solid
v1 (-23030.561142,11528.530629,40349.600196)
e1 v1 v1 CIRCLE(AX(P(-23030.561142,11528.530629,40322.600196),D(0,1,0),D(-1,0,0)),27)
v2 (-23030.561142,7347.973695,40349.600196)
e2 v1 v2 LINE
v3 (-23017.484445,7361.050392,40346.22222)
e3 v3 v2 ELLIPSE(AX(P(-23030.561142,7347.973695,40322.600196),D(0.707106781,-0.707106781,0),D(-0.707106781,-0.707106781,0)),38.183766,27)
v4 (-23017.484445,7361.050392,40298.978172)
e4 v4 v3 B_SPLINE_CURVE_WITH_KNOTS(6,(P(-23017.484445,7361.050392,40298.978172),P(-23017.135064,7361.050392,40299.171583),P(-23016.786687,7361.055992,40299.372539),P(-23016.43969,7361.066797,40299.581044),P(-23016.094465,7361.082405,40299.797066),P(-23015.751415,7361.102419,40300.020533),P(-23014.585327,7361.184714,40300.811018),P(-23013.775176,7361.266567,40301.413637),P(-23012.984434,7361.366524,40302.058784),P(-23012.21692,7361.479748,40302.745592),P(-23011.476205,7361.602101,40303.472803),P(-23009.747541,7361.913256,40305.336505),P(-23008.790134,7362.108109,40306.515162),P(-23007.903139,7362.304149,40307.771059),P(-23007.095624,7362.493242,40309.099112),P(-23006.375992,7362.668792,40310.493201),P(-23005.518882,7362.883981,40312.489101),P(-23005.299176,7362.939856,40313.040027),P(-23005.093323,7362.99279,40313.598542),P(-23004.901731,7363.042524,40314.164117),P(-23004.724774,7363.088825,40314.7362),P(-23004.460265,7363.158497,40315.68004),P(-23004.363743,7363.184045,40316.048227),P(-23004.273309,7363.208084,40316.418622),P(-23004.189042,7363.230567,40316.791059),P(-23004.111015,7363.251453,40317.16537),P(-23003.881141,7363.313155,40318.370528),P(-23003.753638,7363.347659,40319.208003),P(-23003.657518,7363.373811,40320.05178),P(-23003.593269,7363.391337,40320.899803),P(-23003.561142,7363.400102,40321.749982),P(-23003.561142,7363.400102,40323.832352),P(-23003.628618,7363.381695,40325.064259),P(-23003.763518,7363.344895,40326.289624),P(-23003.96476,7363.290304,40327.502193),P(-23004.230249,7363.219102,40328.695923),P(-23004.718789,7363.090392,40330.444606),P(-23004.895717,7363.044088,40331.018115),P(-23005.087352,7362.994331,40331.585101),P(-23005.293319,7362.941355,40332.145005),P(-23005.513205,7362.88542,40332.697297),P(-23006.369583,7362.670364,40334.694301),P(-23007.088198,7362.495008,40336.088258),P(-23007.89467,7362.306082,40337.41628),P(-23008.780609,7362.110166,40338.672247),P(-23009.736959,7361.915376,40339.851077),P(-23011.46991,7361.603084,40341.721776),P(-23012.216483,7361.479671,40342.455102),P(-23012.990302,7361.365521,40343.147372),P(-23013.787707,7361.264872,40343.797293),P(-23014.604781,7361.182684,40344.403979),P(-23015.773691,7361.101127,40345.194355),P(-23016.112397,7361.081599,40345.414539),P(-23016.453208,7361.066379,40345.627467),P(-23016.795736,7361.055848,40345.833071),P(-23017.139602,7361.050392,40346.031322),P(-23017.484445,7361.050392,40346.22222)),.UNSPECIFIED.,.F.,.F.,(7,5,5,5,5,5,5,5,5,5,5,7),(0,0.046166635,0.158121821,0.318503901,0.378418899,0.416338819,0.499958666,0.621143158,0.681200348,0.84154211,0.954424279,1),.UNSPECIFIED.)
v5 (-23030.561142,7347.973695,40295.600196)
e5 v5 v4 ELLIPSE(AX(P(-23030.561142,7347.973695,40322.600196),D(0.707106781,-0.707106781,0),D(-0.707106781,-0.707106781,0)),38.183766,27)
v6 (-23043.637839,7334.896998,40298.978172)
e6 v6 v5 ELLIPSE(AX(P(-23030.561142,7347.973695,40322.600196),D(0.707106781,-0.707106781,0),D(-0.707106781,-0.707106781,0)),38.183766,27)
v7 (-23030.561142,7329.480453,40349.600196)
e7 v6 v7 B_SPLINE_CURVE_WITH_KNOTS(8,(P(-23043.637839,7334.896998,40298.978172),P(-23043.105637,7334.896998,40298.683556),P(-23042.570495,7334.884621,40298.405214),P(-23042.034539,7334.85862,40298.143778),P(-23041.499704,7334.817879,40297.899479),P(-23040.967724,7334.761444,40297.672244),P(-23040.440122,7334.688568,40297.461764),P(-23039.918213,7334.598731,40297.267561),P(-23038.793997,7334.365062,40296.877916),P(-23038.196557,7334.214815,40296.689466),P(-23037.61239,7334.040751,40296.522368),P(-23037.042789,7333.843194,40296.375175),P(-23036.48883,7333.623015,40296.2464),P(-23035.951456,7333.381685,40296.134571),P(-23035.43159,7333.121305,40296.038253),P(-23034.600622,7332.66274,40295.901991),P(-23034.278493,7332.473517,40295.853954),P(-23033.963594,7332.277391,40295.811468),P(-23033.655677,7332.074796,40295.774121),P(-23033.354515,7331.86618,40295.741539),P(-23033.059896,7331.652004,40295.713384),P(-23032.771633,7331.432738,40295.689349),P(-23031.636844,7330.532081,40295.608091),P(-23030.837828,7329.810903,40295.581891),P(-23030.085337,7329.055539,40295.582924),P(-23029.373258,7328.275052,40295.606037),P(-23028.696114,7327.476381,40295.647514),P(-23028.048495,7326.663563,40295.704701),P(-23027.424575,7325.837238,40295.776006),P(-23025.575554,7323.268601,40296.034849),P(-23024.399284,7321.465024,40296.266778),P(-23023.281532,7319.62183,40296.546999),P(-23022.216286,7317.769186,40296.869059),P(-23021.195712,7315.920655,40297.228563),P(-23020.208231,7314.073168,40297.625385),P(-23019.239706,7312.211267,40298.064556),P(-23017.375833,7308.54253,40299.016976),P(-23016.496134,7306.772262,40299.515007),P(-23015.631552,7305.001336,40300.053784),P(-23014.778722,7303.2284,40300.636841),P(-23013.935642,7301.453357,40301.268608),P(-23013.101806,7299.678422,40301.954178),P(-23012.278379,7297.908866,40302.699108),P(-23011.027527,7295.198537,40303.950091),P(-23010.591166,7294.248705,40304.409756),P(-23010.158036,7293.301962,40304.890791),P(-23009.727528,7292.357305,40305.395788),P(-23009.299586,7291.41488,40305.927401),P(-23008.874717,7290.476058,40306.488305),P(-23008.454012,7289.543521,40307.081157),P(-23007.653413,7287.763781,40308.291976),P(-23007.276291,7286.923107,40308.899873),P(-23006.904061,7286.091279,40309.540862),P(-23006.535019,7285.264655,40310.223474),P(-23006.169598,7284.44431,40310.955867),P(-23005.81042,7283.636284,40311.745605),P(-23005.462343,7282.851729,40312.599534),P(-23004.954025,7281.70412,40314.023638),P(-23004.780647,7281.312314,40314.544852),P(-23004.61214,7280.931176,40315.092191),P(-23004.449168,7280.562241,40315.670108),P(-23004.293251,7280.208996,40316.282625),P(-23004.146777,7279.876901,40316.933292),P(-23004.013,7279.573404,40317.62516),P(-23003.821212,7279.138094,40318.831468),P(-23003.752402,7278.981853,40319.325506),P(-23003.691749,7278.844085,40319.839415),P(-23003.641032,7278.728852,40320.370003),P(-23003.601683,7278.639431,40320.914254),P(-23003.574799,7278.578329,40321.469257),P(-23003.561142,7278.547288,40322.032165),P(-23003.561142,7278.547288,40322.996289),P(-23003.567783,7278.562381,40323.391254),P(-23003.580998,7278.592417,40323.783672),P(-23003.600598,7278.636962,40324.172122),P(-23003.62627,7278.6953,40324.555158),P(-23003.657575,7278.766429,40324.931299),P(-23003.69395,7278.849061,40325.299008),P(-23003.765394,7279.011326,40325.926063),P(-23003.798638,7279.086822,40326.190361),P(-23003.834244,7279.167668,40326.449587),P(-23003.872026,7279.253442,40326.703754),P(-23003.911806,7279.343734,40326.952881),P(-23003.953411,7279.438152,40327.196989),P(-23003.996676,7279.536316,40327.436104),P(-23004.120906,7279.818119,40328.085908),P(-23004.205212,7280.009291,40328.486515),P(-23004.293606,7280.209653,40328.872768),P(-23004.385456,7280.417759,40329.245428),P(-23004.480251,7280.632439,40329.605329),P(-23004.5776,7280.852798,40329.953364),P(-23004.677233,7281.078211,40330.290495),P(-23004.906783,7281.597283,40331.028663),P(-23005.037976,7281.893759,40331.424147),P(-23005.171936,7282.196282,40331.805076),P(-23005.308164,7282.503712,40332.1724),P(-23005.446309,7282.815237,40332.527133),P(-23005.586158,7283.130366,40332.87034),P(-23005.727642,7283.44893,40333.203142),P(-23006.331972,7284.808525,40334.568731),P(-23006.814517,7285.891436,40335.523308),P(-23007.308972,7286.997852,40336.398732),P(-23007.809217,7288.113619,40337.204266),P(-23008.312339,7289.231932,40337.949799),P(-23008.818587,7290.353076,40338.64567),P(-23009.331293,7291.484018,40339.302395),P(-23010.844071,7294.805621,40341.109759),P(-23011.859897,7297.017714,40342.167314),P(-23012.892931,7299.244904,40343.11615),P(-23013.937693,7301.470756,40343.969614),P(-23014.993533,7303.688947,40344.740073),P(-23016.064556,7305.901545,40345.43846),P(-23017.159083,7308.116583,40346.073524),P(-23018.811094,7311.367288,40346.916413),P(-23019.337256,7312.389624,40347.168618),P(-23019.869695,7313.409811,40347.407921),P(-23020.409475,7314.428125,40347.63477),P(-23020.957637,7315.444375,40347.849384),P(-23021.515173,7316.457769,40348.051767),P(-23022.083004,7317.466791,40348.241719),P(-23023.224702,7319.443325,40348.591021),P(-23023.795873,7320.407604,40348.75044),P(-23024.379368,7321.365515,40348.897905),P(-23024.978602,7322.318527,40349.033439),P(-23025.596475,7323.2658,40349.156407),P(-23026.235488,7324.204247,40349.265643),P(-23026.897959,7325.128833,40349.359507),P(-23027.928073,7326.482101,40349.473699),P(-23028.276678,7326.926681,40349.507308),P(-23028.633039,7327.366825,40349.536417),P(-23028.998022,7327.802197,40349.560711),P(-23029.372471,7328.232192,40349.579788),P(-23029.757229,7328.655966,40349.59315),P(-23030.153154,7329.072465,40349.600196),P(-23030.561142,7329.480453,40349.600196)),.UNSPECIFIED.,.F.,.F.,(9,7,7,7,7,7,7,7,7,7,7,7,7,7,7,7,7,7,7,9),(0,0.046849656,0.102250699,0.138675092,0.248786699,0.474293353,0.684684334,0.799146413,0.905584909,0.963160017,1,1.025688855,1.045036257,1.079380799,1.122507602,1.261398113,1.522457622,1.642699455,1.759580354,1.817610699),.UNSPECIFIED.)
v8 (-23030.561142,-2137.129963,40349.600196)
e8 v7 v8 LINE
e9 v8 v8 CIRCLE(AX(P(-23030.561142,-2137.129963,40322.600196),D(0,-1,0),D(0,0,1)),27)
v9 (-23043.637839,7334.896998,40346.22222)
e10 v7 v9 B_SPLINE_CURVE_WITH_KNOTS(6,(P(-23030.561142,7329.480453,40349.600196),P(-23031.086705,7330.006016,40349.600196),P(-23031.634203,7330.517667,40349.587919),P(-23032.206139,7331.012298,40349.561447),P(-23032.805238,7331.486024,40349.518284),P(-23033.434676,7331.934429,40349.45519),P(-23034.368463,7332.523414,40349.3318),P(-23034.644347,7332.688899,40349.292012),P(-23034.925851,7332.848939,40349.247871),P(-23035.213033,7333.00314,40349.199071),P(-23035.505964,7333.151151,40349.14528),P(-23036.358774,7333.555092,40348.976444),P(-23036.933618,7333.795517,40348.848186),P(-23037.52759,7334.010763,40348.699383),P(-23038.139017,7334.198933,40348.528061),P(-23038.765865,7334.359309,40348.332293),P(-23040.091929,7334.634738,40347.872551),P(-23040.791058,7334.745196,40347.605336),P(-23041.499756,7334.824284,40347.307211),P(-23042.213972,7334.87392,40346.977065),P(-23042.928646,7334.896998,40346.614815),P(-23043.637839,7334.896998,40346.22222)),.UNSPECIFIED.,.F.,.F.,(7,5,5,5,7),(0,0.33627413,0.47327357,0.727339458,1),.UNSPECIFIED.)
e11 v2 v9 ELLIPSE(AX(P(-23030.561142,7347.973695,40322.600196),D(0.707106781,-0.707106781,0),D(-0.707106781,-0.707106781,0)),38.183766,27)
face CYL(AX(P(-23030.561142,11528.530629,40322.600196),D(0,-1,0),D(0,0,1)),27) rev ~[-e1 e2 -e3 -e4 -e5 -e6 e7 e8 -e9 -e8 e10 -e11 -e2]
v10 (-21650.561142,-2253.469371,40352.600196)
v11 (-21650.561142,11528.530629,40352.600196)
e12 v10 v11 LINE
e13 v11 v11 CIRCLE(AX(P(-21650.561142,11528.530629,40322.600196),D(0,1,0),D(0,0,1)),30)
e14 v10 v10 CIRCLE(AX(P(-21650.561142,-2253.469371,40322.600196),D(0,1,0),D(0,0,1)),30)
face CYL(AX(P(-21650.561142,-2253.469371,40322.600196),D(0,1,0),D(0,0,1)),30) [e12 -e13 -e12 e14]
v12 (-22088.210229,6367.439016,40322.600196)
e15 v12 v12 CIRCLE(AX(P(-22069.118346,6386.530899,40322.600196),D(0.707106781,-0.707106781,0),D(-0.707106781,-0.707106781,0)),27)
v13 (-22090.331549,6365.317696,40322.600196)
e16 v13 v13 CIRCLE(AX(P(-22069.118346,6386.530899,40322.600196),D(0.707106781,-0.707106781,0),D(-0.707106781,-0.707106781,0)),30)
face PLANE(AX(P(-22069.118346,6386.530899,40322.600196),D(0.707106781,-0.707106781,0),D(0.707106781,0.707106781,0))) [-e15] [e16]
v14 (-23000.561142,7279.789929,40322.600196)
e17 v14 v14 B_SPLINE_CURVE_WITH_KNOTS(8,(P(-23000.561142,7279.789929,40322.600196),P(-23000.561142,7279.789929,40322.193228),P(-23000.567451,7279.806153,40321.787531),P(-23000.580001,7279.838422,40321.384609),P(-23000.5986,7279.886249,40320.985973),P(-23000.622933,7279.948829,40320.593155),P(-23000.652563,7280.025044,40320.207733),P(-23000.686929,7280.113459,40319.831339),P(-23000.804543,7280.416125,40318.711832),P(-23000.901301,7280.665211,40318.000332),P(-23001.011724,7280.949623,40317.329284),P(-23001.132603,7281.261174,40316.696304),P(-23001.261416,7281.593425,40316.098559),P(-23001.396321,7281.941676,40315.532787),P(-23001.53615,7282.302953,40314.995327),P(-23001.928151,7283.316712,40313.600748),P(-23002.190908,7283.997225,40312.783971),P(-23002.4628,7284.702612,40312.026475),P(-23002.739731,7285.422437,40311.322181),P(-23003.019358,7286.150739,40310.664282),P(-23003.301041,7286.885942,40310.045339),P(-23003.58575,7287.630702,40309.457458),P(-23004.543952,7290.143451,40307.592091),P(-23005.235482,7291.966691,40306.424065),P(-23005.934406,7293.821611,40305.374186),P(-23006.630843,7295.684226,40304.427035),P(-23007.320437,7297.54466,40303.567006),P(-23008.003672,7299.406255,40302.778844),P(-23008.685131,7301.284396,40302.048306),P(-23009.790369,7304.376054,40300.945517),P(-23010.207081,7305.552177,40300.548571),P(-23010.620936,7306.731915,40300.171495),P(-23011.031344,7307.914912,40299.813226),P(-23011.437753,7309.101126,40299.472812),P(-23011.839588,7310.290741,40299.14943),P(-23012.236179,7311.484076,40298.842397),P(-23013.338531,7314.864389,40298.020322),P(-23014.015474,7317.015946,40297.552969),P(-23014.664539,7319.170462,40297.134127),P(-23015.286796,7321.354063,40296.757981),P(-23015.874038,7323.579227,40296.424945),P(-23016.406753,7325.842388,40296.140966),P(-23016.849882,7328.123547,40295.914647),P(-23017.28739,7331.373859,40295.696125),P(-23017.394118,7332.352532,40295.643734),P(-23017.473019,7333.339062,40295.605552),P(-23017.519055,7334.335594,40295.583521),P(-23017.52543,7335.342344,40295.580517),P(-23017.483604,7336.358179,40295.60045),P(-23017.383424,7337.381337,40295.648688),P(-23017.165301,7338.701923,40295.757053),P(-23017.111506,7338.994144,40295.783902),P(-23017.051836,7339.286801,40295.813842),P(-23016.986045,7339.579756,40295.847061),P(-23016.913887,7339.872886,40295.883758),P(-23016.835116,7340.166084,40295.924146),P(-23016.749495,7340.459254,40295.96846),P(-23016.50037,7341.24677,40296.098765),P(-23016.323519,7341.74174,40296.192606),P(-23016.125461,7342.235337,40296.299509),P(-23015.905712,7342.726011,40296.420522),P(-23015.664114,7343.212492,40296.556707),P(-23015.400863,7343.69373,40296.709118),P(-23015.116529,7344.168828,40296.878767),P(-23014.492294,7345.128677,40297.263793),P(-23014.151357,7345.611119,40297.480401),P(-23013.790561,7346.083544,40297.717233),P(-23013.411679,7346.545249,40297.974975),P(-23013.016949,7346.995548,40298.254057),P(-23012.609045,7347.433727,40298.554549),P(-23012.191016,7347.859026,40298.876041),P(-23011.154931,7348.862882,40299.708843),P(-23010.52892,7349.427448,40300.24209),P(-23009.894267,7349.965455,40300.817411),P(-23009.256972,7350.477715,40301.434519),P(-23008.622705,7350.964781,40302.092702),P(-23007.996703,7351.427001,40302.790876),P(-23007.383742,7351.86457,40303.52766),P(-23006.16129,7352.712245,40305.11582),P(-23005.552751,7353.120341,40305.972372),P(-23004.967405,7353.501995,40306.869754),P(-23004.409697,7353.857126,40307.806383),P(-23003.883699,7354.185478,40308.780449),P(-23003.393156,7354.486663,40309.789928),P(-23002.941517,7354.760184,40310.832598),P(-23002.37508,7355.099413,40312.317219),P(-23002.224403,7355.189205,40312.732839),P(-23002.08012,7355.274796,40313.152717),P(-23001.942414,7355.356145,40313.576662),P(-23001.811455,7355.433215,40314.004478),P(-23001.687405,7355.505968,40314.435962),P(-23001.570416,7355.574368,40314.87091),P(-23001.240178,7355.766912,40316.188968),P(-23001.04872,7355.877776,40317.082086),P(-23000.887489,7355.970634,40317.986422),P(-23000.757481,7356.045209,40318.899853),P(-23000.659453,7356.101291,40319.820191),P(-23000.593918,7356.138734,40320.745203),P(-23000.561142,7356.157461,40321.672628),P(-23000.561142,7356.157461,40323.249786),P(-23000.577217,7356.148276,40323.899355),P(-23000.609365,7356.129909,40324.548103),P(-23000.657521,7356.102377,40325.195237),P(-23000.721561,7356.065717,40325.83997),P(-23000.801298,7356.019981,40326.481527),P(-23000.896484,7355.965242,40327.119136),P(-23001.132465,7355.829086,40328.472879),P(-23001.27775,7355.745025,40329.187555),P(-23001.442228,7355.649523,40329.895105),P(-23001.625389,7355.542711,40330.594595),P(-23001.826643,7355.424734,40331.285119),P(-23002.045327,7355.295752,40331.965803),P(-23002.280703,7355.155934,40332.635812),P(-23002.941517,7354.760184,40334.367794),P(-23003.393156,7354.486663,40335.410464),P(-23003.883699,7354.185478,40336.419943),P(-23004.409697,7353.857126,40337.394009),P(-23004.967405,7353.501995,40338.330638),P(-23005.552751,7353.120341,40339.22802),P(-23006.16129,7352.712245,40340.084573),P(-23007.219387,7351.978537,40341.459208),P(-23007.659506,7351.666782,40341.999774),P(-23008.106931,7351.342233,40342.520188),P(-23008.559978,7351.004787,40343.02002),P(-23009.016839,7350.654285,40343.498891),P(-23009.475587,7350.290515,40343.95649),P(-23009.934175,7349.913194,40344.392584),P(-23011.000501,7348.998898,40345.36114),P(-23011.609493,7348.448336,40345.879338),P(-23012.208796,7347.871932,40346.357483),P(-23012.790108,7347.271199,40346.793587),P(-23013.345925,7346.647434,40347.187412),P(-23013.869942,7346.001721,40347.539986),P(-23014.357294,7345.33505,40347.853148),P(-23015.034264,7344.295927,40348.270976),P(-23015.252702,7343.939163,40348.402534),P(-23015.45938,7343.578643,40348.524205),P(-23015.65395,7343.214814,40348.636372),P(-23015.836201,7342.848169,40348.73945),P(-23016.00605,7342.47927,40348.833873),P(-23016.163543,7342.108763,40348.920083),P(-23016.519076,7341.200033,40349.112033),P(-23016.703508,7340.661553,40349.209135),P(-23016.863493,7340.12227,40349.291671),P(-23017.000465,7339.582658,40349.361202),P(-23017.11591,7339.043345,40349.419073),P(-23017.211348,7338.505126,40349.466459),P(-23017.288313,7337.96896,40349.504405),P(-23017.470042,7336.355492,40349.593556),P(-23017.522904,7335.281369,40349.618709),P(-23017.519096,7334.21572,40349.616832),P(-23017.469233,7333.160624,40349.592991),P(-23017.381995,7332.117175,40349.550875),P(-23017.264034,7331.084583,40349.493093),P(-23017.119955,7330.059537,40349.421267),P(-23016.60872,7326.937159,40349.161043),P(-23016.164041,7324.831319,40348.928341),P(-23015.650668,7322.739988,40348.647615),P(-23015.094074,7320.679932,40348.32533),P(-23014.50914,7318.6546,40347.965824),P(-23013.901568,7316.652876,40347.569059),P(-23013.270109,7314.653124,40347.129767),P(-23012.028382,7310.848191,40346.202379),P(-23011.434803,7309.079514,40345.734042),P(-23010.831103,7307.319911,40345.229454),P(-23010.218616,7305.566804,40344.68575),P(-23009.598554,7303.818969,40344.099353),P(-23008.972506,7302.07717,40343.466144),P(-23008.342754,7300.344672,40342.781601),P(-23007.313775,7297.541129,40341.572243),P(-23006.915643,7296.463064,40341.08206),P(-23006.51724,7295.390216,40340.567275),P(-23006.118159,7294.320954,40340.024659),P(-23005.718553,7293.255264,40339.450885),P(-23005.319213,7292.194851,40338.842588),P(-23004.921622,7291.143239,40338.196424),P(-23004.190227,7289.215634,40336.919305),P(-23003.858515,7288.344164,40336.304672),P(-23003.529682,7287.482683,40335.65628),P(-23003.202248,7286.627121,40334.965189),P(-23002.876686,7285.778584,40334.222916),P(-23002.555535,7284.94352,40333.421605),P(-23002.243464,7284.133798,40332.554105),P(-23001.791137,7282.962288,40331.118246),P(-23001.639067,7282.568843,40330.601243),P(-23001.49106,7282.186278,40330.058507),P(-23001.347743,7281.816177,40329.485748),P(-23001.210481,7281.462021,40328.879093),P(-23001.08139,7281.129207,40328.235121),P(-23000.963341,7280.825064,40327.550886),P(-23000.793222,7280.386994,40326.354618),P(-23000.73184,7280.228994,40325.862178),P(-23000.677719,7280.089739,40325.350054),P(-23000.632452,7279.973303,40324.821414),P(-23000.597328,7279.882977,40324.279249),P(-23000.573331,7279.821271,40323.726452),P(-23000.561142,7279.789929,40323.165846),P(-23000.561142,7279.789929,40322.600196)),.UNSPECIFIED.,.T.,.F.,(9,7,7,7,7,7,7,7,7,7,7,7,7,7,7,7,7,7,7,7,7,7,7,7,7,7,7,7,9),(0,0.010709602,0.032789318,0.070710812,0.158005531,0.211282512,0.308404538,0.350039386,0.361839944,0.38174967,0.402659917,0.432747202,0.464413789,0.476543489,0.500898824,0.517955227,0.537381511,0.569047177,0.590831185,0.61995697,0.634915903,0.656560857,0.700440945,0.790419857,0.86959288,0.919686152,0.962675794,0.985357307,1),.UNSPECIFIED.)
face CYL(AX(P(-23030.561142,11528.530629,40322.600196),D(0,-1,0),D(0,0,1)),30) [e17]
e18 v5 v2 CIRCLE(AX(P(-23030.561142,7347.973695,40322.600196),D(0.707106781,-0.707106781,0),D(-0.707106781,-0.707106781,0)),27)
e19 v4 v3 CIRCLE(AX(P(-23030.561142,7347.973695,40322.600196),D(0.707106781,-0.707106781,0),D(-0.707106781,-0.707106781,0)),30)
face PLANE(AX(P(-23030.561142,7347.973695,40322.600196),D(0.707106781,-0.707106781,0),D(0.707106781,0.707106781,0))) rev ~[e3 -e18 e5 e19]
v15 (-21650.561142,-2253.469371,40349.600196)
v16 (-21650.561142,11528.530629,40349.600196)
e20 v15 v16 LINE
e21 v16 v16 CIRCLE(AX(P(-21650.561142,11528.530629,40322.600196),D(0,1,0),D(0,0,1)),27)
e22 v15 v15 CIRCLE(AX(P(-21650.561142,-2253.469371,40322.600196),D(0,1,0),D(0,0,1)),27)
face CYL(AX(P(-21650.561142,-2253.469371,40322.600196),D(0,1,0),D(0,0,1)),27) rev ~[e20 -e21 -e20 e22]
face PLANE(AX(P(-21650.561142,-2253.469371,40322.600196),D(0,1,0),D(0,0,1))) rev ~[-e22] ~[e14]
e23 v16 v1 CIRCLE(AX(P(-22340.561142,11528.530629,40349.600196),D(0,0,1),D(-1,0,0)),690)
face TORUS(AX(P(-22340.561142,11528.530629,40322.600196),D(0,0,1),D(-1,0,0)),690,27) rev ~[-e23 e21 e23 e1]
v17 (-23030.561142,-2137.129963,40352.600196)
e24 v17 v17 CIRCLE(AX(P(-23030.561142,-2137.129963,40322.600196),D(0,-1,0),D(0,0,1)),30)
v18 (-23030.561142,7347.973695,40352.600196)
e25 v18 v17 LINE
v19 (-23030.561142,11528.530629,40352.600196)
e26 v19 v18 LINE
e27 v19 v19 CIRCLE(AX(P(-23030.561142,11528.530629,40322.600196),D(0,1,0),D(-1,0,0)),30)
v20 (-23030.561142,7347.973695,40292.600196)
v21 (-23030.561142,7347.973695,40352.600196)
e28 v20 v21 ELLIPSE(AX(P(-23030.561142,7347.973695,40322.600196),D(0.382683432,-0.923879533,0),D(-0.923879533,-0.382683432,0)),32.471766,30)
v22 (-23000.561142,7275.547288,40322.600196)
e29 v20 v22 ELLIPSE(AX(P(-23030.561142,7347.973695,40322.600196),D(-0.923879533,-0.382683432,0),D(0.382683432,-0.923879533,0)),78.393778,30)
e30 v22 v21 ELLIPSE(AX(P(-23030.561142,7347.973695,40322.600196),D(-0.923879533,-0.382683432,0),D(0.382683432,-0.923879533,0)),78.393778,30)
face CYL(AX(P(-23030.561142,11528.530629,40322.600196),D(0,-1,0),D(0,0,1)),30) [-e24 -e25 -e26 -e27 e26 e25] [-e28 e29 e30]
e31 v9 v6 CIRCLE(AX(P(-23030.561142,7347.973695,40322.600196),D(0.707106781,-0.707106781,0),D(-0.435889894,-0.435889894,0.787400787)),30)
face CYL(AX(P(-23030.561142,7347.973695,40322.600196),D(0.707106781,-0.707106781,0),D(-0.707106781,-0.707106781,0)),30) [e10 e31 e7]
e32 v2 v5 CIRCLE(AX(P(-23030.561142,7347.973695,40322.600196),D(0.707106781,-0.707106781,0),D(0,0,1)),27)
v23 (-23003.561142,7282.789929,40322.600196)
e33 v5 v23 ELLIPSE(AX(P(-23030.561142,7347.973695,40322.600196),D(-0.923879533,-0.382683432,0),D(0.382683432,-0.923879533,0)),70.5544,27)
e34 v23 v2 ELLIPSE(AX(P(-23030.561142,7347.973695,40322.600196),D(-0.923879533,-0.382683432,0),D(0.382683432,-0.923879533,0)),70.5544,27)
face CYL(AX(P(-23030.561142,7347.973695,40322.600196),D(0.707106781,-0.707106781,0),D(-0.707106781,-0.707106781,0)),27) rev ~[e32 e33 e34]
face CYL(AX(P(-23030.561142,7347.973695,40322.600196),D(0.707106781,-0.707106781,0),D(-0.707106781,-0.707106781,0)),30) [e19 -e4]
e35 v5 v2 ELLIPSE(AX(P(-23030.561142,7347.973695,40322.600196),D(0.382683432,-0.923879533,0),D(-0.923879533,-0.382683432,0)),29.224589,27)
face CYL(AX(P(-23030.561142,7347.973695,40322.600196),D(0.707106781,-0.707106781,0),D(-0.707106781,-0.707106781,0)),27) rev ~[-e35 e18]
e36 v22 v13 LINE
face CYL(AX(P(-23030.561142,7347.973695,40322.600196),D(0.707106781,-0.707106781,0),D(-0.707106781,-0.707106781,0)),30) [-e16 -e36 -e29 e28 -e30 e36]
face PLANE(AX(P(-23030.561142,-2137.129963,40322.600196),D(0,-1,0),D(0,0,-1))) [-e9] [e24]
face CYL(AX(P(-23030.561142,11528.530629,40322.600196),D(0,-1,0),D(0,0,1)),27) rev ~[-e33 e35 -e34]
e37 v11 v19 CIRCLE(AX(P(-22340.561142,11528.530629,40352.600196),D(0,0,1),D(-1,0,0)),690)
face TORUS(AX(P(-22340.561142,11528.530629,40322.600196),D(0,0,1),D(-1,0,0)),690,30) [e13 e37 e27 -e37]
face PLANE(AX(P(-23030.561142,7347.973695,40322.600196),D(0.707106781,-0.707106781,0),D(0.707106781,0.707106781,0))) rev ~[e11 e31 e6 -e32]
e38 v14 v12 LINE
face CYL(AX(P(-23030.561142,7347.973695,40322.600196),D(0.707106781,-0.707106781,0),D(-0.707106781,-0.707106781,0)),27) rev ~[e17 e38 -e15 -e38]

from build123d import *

# Parameters (mm, degrees)
SWEEP_THIN1_PROFILE_R   = 30
SWEEP_THIN1_PROFILE_R_2 = 27
SWEEP_THIN2_PROFILE_R   = 30
SWEEP_THIN2_PROFILE_R_2 = 27


with BuildPart() as part:
    # Sweep-Thin1: sweep along a curve in space
    with BuildLine() as sweep_thin1_path:
        Line((-21650.561141738, -2253.469371448, 40322.600196057), (-21650.561141738, 11528.530628552, 40322.600196057))
        ThreePointArc((-23030.561141738, 11528.530628552, 40322.600196057), (-22340.561141738, 12218.530628552, 40322.600196057), (-21650.561141738, 11528.530628552, 40322.600196057))
        Line((-23030.561141738, 11528.530628552, 40322.600196057), (-23030.561141738, -2137.129962978, 40322.600196057))
    # Sweep-Thin1 profile (on start of the path) → Sweep-Thin1 (sweep)
    with BuildSketch(Plane(origin=(-21650.561141738, -2253.469371448, 40322.600196057), x_dir=(0, 0, 1), z_dir=(0, 1, 0))):
        Circle(SWEEP_THIN1_PROFILE_R)
        Circle(SWEEP_THIN1_PROFILE_R_2, mode=Mode.SUBTRACT)
    sweep(path=sweep_thin1_path.line)

    # Sweep-Thin2: sweep along a curve in space
    with BuildLine() as sweep_thin2_path:
        Line((-23030.561141738, 7347.973694777, 40322.600196057), (-22069.11834597, 6386.53089901, 40322.600196057))
    # Sweep-Thin2 profile (on start of the path) → Sweep-Thin2 (sweep)
    with BuildSketch(Plane(origin=(-23030.561141738, 7347.973694777, 40322.600196057), x_dir=(-0.7071067811865512, -0.7071067811865438, 0), z_dir=(0.7071067811865438, -0.7071067811865512, -2.568579135240447e-13))):
        Circle(SWEEP_THIN2_PROFILE_R)
        Circle(SWEEP_THIN2_PROFILE_R_2, mode=Mode.SUBTRACT)
    sweep(path=sweep_thin2_path.line)


solid = part.part
